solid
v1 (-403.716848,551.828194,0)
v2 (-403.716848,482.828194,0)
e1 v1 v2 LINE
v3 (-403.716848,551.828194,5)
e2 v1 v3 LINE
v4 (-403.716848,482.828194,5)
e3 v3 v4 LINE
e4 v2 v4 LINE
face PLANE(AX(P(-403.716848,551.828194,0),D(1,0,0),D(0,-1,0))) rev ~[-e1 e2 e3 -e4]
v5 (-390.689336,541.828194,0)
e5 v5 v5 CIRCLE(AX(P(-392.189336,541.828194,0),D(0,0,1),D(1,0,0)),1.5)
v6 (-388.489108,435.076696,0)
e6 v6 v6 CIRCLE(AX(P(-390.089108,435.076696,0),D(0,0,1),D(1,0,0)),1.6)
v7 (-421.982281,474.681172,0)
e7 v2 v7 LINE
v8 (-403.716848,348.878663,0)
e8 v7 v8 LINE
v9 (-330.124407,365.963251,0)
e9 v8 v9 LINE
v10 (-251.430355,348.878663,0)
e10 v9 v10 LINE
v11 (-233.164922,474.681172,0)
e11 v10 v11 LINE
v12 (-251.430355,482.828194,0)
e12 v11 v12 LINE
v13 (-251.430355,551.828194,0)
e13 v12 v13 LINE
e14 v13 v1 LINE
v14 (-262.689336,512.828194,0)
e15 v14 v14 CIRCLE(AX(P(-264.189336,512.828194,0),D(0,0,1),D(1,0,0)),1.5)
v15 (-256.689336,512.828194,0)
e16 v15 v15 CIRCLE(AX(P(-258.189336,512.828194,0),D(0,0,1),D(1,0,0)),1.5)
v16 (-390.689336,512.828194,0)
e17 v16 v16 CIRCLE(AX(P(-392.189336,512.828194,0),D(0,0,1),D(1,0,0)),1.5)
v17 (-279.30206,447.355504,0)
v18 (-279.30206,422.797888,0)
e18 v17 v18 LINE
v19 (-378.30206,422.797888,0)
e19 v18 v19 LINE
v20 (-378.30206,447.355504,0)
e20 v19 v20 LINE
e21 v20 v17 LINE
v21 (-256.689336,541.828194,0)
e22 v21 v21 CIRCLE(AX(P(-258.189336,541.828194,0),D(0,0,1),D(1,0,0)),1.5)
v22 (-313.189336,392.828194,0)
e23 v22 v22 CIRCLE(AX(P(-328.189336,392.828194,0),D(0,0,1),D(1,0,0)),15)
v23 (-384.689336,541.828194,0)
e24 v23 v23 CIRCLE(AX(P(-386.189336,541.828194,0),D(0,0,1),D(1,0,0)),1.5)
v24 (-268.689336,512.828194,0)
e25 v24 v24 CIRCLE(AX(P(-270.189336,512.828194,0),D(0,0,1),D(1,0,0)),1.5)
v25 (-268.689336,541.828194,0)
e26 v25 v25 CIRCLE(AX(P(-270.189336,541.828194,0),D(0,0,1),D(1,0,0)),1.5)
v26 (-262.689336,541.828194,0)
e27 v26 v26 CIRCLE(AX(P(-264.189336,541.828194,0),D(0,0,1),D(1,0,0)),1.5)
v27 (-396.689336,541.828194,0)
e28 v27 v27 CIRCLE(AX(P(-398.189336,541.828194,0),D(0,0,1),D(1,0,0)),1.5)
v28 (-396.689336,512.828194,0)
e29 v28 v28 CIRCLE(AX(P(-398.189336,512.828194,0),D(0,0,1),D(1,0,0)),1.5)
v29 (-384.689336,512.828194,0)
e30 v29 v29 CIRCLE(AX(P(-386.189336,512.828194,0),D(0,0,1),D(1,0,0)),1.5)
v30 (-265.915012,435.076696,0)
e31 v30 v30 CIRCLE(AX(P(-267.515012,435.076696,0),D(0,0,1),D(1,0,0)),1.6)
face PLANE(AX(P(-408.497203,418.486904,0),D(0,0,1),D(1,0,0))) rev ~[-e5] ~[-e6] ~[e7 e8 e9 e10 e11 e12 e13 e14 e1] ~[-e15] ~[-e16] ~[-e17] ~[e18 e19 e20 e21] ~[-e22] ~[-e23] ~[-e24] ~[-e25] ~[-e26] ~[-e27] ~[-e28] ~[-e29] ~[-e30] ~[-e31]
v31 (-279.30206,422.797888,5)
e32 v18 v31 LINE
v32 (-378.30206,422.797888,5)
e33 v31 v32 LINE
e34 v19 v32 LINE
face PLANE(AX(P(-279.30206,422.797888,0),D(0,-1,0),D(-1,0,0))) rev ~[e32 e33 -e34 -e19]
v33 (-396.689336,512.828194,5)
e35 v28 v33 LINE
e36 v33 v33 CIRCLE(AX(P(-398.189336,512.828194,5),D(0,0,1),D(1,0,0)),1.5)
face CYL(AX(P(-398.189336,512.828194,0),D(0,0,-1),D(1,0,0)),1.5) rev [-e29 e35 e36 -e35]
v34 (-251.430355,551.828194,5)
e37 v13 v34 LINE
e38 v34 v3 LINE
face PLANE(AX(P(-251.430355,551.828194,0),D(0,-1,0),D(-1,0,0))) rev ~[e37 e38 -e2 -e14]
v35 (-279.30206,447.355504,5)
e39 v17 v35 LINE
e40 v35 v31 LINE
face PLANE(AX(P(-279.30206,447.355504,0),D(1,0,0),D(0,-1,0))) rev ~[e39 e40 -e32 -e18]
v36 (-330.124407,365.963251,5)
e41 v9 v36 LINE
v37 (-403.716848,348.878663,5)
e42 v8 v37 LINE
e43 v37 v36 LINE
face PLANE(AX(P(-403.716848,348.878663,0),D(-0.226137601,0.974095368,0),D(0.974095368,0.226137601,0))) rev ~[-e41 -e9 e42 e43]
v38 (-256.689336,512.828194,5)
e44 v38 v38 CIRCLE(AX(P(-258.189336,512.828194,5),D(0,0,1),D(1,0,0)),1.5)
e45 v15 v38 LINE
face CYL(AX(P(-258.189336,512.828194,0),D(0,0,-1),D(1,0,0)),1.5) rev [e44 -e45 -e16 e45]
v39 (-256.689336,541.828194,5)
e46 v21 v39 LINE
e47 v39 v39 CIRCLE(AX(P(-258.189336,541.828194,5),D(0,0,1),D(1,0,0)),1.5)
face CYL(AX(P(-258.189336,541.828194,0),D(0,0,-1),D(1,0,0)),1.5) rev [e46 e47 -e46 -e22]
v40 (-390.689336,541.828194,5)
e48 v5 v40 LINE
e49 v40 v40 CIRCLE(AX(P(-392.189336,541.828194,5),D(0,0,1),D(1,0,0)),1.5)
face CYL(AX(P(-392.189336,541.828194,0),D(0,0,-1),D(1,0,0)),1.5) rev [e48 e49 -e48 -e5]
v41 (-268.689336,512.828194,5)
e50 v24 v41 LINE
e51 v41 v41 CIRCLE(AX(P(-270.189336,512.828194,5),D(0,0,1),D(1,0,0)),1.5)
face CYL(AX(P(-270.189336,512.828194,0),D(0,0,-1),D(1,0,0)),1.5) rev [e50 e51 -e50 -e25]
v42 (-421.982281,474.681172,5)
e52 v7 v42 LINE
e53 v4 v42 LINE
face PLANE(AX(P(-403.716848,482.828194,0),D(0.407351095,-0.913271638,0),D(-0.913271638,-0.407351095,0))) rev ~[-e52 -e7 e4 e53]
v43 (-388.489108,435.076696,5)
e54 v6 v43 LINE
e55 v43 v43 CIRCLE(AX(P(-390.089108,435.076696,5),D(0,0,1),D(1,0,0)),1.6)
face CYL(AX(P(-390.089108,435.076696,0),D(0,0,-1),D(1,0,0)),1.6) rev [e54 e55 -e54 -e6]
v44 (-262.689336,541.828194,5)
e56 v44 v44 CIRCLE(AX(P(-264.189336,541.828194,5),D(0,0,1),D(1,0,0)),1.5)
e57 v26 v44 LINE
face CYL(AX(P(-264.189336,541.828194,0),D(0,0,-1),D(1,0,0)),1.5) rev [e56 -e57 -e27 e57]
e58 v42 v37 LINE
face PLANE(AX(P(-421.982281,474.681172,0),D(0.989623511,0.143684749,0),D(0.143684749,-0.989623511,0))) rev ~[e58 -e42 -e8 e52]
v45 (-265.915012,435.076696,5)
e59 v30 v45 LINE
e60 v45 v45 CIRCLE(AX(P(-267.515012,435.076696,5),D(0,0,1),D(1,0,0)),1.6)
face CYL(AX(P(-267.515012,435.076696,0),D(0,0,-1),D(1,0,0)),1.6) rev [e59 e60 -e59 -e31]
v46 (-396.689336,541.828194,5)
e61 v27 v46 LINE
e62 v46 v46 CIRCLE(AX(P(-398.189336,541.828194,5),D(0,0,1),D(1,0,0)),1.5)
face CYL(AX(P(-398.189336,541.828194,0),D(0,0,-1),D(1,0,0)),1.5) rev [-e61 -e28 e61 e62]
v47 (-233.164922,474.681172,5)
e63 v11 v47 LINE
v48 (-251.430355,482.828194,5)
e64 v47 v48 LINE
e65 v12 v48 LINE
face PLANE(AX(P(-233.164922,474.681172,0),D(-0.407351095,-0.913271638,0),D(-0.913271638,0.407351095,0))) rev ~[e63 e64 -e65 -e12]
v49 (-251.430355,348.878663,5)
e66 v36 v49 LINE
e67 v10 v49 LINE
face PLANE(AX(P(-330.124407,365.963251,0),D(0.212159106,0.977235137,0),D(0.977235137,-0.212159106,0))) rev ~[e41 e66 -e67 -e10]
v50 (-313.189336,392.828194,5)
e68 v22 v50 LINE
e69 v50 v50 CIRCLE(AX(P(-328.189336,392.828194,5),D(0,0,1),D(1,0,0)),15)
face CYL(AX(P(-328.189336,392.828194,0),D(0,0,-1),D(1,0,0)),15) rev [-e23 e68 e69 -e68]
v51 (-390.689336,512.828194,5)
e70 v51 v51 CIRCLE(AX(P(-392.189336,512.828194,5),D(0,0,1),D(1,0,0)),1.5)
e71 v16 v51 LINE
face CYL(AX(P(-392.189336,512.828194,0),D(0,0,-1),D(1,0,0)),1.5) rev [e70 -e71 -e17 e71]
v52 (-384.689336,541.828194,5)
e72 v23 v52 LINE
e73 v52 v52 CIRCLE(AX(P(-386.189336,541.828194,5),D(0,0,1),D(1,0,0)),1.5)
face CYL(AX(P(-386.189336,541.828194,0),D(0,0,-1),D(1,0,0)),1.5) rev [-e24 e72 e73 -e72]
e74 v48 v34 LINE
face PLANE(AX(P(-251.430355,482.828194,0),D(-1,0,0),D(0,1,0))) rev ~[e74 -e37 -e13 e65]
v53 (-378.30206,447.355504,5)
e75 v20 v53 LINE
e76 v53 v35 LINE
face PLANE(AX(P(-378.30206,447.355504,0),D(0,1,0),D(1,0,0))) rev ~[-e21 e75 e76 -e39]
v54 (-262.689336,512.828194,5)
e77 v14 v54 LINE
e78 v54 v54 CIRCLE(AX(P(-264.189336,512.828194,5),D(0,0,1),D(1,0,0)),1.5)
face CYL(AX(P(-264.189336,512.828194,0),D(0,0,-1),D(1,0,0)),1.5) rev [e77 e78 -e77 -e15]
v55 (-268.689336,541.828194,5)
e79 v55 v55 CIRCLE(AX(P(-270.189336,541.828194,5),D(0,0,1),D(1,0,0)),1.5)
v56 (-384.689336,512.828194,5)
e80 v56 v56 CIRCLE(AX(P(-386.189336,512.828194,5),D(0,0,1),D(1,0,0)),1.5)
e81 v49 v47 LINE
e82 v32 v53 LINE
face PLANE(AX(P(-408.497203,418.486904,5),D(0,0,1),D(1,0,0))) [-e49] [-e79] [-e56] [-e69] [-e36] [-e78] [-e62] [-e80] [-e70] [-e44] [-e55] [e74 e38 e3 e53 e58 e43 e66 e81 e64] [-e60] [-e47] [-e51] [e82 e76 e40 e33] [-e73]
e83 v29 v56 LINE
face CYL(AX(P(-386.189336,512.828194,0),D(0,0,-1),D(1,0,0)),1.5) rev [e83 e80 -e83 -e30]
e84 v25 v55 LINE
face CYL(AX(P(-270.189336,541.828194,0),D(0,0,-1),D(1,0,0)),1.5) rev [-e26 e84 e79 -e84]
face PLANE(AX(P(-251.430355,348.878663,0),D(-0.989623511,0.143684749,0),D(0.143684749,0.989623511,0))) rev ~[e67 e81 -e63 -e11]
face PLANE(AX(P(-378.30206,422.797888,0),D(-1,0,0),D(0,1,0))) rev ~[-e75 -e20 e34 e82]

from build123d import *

# Parameters (mm, degrees)
F0_R     = 15
F0_R_2   = 1.5
F0_R_3   = 1.6
F1_DEPTH = 5


with BuildPart() as f1:
    # F0 (on Top) → F1 (new body)
    with BuildSketch(Plane.XY):
        Polygon((-403.716848, 348.878663), (-403.716848, 482.828194), (-421.982281, 474.681172), align=None)
        Polygon((-233.164922, 474.681172), (-251.430355, 482.828194), (-251.430355, 348.878663), align=None)
        Polygon((-251.430355, 551.828194), (-403.716848, 551.828194), (-403.716848, 482.828194), (-403.716848, 348.878663), (-330.124407, 365.963251), (-251.430355, 348.878663), (-251.430355, 482.828194), align=None)
        with Locations((-328.189336, 392.828194)):
            Circle(F0_R, mode=Mode.SUBTRACT)
        Polygon((-378.30206, 422.797888), (-394.089108, 435.076696), (-378.30206, 447.355504), (-279.30206, 447.355504), (-263.515012, 435.076696), (-279.30206, 422.797888), align=None, mode=Mode.SUBTRACT)
        with Locations((-398.189336, 512.828194)):
            Circle(F0_R_2, mode=Mode.SUBTRACT)
        with Locations((-392.189336, 512.828194)):
            Circle(F0_R_2, mode=Mode.SUBTRACT)
        with Locations((-386.189336, 512.828194)):
            Circle(F0_R_2, mode=Mode.SUBTRACT)
        with Locations((-398.189336, 541.828194)):
            Circle(F0_R_2, mode=Mode.SUBTRACT)
        with Locations((-392.189336, 541.828194)):
            Circle(F0_R_2, mode=Mode.SUBTRACT)
        with Locations((-386.189336, 541.828194)):
            Circle(F0_R_2, mode=Mode.SUBTRACT)
        with Locations((-270.189336, 512.828194)):
            Circle(F0_R_2, mode=Mode.SUBTRACT)
        with Locations((-264.189336, 512.828194)):
            Circle(F0_R_2, mode=Mode.SUBTRACT)
        with Locations((-258.189336, 512.828194)):
            Circle(F0_R_2, mode=Mode.SUBTRACT)
        with Locations((-270.189336, 541.828194)):
            Circle(F0_R_2, mode=Mode.SUBTRACT)
        with Locations((-264.189336, 541.828194)):
            Circle(F0_R_2, mode=Mode.SUBTRACT)
        with Locations((-258.189336, 541.828194)):
            Circle(F0_R_2, mode=Mode.SUBTRACT)
        Polygon((-378.30206, 447.355504), (-394.089108, 435.076696), (-378.30206, 422.797888), align=None)
        with Locations((-390.089108, 435.076696)):
            Circle(F0_R_3, mode=Mode.SUBTRACT)
        Polygon((-263.515012, 435.076696), (-279.30206, 447.355504), (-279.30206, 422.797888), align=None)
        with Locations((-267.515012, 435.076696)):
            Circle(F0_R_3, mode=Mode.SUBTRACT)
    extrude(amount=F1_DEPTH)


solid = f1.part
